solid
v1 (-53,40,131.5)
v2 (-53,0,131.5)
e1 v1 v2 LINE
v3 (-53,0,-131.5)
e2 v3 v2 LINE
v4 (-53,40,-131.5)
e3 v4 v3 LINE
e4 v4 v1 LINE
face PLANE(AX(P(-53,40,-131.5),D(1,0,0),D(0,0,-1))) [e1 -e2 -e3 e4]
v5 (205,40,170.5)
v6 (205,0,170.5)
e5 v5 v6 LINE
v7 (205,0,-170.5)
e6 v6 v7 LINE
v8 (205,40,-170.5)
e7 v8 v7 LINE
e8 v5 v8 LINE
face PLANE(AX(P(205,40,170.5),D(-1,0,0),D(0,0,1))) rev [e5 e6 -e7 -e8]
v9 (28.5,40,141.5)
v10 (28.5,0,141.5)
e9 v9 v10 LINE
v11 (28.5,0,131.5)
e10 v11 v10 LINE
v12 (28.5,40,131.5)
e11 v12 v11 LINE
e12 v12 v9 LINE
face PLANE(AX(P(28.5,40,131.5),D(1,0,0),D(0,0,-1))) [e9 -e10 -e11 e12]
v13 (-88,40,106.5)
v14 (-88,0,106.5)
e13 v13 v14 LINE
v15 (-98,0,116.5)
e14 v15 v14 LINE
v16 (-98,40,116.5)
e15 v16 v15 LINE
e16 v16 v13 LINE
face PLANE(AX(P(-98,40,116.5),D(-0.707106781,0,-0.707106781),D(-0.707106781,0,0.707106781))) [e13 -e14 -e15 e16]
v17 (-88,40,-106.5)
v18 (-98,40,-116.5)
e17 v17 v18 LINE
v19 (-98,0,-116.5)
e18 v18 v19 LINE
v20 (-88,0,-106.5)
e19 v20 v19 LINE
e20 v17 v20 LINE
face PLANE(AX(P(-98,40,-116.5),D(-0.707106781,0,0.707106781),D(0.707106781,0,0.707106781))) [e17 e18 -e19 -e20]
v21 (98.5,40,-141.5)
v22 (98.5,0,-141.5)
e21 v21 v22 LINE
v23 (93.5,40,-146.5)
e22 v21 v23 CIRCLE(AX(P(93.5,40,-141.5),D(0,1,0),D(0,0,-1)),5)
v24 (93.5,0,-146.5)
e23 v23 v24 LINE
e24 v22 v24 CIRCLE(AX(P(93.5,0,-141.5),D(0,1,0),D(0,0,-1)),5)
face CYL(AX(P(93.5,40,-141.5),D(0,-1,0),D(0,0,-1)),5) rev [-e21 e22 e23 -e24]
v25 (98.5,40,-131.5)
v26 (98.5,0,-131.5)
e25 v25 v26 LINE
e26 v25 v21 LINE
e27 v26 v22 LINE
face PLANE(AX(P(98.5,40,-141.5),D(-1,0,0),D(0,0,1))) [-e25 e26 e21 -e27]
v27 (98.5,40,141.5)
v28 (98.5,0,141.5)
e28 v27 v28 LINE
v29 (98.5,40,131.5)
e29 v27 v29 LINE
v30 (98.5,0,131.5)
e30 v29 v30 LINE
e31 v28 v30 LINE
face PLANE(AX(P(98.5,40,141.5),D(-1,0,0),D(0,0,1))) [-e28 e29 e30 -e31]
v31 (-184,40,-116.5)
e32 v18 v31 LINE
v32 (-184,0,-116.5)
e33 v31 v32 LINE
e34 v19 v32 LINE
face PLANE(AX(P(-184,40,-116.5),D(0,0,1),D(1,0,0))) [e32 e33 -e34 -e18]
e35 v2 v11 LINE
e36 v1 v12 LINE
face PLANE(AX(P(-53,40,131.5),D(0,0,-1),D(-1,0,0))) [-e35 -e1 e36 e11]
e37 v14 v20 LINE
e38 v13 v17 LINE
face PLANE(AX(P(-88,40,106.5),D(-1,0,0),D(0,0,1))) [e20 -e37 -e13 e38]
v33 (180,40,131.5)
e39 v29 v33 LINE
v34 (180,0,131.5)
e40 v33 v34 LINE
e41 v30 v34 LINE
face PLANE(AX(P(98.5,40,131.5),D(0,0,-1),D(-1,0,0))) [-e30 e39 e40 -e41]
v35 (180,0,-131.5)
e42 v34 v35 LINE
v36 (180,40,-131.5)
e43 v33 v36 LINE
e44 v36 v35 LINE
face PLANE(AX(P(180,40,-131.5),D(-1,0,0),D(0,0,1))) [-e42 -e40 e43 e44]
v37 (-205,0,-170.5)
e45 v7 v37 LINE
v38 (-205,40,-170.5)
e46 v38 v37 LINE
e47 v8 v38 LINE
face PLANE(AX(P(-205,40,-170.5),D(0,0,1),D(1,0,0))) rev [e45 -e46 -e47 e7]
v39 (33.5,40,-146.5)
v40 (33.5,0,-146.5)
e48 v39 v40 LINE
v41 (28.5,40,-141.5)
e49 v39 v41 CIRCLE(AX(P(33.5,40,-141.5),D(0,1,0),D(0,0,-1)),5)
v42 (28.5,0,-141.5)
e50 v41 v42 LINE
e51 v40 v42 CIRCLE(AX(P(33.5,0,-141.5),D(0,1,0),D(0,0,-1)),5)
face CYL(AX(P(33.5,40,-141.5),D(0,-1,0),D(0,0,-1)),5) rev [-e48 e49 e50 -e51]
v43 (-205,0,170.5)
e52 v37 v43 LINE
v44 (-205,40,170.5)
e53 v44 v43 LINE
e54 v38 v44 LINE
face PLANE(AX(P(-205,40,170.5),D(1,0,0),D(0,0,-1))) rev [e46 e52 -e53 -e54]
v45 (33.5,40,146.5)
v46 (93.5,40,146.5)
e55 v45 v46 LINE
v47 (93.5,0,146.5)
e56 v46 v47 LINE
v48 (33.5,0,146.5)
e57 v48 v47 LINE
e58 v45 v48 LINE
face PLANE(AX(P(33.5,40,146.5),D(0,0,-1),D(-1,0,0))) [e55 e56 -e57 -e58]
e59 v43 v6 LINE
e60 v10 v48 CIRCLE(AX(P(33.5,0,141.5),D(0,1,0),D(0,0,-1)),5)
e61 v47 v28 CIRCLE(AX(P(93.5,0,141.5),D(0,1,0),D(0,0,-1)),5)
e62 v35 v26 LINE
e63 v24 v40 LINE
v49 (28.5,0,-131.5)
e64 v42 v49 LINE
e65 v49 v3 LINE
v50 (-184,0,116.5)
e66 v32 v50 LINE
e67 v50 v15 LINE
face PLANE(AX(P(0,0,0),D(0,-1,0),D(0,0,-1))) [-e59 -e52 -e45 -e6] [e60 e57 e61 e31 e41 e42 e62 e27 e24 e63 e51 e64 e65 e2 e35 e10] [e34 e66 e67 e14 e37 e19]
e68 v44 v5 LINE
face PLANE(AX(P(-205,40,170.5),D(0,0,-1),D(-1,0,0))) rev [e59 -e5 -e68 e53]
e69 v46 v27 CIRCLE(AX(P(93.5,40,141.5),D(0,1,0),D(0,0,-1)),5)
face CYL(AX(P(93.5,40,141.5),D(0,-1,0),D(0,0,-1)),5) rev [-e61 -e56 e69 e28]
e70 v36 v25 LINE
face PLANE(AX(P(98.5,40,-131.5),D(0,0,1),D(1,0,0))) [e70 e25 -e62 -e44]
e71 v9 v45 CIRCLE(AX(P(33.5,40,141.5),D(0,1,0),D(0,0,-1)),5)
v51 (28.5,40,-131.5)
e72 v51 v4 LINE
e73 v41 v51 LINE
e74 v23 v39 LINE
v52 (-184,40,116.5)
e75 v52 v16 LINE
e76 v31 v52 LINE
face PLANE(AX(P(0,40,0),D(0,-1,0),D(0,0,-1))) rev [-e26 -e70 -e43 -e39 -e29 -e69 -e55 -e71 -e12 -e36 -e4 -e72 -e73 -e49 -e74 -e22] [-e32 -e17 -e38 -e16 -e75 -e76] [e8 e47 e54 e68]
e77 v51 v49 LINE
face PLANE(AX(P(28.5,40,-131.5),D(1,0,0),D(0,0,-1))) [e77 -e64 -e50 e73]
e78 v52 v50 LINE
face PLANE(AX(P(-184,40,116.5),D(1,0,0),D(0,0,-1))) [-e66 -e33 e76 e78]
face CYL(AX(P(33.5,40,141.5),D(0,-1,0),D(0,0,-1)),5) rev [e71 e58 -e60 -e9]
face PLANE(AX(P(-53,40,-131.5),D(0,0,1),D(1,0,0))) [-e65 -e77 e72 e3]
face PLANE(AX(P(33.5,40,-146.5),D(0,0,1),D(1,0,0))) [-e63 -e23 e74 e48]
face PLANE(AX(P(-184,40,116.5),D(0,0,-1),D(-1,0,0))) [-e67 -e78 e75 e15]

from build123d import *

# Parameters (mm, degrees)
SKETCH1_W           = 410
SKETCH1_H           = 341
BOSS_EXTRUDE1_DEPTH = 40


with BuildPart() as part:
    # Sketch1 → Boss-Extrude1 (new body)
    with BuildSketch(Plane(origin=(0, 0, 0), x_dir=(1, 0, 0), z_dir=(0, 1, 0))):
        Rectangle(SKETCH1_W, SKETCH1_H)
        with BuildLine():
            Line((28.5, 131.5), (28.5, 141.5))
            ThreePointArc((28.5, 141.5), (29.964466094, 145.035533906), (33.5, 146.5))
            Line((33.5, 146.5), (93.5, 146.5))
            ThreePointArc((93.5, 146.5), (97.035533906, 145.035533906), (98.5, 141.5))
            Line((98.5, 141.5), (98.5, 131.5))
            Line((98.5, 131.5), (180, 131.5))
            Line((180, 131.5), (180, -131.5))
            Line((180, -131.5), (98.5, -131.5))
            Line((98.5, -131.5), (98.5, -141.5))
            ThreePointArc((98.5, -141.5), (97.035533906, -145.035533906), (93.5, -146.5))
            Line((93.5, -146.5), (33.5, -146.5))
            ThreePointArc((33.5, -146.5), (29.964466094, -145.035533906), (28.5, -141.5))
            Line((28.5, -141.5), (28.5, -131.5))
            Line((28.5, -131.5), (-53, -131.5))
            Line((-53, -131.5), (-53, 131.5))
            Line((-53, 131.5), (28.5, 131.5))
        make_face(mode=Mode.SUBTRACT)
        Polygon((-184, -116.5), (-98, -116.5), (-88, -106.5), (-88, 106.5), (-98, 116.5), (-184, 116.5), align=None, mode=Mode.SUBTRACT)
    extrude(amount=BOSS_EXTRUDE1_DEPTH)


solid = part.part
